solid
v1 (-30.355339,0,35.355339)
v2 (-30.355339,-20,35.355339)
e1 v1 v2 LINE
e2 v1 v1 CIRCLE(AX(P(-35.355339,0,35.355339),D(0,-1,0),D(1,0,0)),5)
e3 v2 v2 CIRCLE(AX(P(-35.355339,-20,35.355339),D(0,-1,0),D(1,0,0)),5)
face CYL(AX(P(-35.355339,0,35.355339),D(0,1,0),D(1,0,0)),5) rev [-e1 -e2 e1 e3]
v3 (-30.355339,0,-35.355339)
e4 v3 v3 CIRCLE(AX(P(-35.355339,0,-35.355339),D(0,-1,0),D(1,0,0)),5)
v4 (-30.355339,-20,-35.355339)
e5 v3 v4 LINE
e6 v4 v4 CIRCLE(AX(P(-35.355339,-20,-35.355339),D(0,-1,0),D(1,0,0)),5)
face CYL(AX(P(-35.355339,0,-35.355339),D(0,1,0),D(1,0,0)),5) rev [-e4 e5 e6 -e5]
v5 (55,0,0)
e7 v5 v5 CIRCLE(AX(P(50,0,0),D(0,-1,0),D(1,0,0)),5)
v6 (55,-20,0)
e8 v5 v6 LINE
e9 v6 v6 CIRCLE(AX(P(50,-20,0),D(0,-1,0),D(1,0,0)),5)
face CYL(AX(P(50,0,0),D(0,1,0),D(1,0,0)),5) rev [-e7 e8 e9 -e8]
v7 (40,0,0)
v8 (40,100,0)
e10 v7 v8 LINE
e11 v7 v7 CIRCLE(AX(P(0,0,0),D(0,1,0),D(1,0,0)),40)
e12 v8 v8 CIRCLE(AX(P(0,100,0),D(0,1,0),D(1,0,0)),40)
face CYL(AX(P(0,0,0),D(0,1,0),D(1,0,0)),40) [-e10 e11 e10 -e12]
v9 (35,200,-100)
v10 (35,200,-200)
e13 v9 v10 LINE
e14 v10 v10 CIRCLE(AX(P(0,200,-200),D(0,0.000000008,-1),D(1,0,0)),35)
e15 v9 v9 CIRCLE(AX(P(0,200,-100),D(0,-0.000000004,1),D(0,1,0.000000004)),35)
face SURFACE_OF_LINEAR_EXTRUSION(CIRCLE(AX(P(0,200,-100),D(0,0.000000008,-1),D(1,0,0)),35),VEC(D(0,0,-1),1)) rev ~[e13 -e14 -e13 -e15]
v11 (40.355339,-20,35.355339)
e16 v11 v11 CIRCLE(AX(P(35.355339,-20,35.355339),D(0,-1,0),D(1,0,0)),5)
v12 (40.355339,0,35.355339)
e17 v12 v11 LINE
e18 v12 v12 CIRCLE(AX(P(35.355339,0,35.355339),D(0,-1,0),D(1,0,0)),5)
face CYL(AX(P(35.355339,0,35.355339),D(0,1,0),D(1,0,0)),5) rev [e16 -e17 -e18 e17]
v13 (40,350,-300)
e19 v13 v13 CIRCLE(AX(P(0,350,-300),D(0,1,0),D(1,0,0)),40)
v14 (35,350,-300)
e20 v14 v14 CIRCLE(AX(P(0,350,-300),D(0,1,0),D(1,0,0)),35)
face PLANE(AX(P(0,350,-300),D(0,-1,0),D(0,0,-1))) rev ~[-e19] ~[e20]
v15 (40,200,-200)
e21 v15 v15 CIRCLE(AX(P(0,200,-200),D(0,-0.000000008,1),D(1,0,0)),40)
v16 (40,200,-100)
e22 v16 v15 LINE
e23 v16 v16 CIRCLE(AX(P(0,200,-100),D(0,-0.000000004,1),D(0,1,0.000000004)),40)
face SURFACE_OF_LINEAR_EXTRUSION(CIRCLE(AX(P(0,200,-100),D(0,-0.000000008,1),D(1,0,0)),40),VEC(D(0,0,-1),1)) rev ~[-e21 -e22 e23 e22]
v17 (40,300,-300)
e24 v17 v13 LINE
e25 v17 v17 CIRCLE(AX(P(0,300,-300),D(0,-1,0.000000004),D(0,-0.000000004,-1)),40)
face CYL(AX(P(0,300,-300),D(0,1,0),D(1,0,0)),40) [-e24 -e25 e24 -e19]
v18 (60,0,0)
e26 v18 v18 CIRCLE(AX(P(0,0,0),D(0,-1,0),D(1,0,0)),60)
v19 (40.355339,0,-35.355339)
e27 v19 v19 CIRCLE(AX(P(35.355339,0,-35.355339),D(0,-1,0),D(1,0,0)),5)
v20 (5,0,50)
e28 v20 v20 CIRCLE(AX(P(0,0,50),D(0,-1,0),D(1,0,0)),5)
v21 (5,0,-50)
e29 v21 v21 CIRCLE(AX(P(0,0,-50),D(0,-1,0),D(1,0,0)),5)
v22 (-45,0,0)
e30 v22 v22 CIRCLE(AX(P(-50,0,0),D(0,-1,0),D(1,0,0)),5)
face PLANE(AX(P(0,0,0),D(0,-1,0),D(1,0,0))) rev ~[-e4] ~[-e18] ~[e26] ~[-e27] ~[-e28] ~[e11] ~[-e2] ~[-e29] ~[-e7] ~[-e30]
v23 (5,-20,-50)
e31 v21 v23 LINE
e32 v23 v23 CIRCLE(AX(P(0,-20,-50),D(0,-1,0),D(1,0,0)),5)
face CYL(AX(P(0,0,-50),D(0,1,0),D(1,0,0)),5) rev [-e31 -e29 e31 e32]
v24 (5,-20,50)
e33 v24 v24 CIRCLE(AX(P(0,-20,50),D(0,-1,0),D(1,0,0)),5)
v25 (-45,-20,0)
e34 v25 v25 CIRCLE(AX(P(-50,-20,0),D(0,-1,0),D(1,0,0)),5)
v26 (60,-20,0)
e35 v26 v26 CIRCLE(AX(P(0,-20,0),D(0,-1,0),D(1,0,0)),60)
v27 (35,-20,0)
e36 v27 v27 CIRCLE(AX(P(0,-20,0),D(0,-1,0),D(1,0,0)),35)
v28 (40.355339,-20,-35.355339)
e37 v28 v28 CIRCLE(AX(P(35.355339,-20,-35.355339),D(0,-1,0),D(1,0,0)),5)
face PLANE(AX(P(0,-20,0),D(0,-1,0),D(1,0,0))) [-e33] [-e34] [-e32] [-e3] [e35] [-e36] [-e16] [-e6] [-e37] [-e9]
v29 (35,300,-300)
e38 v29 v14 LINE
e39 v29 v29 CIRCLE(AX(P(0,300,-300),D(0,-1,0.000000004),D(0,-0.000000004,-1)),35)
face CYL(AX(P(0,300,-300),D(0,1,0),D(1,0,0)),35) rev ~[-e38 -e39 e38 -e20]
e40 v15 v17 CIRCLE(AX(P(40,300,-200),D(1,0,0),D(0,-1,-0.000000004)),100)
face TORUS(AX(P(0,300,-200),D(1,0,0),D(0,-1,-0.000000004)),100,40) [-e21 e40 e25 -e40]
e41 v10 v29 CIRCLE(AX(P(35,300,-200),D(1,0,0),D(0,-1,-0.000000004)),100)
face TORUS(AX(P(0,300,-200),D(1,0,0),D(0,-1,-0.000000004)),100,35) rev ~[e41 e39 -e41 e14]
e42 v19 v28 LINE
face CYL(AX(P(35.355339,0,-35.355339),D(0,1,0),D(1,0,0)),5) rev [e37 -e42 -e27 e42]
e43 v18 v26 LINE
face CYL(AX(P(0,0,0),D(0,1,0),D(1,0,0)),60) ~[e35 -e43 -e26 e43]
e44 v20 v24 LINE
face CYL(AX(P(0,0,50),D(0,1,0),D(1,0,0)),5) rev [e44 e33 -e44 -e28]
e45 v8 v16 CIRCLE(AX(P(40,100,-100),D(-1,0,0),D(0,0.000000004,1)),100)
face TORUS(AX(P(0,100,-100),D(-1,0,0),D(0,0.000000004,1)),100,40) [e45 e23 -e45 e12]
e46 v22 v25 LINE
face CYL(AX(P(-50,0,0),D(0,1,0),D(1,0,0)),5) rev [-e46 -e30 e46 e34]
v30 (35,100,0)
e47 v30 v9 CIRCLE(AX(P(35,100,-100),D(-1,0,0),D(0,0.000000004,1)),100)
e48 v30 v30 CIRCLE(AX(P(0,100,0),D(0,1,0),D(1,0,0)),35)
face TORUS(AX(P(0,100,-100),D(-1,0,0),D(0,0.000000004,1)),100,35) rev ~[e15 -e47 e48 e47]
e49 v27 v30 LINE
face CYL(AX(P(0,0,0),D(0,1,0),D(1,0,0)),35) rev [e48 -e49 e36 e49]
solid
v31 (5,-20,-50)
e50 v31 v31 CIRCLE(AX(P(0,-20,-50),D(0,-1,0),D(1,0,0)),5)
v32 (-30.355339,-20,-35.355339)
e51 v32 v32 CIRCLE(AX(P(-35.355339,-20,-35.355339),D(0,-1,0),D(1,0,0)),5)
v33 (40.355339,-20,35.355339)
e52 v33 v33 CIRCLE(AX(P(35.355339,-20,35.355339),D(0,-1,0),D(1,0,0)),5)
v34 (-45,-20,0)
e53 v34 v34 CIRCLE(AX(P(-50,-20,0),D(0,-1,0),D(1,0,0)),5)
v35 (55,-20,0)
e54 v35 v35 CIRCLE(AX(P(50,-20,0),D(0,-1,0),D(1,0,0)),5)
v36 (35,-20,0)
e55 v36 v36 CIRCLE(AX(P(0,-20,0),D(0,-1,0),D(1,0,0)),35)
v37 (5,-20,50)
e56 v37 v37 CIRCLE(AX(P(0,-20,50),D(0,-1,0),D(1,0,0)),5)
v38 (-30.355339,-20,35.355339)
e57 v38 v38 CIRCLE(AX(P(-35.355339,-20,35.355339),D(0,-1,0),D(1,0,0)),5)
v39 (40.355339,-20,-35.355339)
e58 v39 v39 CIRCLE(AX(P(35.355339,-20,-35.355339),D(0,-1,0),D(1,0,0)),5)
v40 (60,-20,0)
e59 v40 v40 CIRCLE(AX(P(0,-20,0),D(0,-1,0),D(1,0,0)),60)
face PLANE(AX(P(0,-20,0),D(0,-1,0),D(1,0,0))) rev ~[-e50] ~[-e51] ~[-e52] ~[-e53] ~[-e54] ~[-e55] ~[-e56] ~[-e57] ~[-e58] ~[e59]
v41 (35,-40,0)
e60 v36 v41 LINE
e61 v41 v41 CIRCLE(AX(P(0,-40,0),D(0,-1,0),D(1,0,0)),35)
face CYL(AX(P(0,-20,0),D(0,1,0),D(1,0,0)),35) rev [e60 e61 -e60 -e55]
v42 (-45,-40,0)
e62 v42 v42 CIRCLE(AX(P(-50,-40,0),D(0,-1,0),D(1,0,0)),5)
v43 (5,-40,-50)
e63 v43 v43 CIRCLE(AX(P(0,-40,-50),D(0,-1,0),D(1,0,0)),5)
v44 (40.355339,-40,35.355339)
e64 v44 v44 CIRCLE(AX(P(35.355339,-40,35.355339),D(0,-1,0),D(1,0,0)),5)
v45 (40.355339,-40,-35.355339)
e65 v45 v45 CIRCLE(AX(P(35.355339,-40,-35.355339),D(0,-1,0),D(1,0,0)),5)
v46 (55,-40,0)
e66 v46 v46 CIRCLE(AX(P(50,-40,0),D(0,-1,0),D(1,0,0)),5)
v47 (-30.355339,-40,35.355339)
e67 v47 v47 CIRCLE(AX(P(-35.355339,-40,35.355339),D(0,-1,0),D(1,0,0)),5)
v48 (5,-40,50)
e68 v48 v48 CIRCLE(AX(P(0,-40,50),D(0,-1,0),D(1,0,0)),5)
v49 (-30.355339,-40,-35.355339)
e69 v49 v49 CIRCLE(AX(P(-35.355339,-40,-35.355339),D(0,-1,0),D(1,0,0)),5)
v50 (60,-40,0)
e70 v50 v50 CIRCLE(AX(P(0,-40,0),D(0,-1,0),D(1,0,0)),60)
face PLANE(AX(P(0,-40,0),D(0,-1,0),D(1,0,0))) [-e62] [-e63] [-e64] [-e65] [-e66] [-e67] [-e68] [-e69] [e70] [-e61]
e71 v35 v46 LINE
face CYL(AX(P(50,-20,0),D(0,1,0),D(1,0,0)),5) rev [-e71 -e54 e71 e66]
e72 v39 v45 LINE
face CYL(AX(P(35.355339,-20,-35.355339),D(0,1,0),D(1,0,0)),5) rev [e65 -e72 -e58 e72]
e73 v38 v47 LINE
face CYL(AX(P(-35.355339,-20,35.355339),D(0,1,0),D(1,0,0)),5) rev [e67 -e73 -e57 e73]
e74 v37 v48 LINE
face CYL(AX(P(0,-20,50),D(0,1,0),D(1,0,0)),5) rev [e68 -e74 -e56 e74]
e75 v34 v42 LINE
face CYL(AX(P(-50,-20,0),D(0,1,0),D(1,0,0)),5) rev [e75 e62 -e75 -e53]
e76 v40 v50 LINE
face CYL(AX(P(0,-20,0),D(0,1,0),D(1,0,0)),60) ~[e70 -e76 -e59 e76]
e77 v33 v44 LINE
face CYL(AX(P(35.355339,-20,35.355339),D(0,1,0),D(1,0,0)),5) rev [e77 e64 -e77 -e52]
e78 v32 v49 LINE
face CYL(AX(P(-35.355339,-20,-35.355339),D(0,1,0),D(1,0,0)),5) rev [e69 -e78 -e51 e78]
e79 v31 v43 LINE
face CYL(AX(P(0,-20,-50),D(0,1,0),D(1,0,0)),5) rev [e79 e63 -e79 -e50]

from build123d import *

# Parameters (mm, degrees)
F0_R        = 60
F0_R_2      = 5
F0_R_3      = 35
F1_DEPTH    = 20
F2_R        = 40
F2_R_2      = 35
F1_FACE_R   = 60
F1_FACE_R_2 = 5
F1_FACE_R_3 = 35
F5_DEPTH    = 20


with BuildPart() as f1:
    # F0 (on Front) → F1 (new body)
    with BuildSketch(Plane.XZ):
        Circle(F0_R)
        with Locations((-35.355339, -35.355339)):
            Circle(F0_R_2, mode=Mode.SUBTRACT)
        with Locations((0, -50)):
            Circle(F0_R_2, mode=Mode.SUBTRACT)
        with Locations((35.355339, -35.355339)):
            Circle(F0_R_2, mode=Mode.SUBTRACT)
        with Locations((-50, 0)):
            Circle(F0_R_2, mode=Mode.SUBTRACT)
        with Locations((-35.355339, 35.355339)):
            Circle(F0_R_2, mode=Mode.SUBTRACT)
        Circle(F0_R_3, mode=Mode.SUBTRACT)
        with Locations((50, 0)):
            Circle(F0_R_2, mode=Mode.SUBTRACT)
        with Locations((0, 50)):
            Circle(F0_R_2, mode=Mode.SUBTRACT)
        with Locations((35.355339, 35.355339)):
            Circle(F0_R_2, mode=Mode.SUBTRACT)
    extrude(amount=F1_DEPTH)

    # F4: sweep along a path in F3
    with BuildLine(Plane.YZ) as f4_path:
        Line((0, 0), (100, 0))
        ThreePointArc((100, 0), (170.710678, -29.289322), (200, -100))
        Line((200, -100), (200, -200))
        ThreePointArc((200, -200), (229.289322, -270.710678), (300, -300))
        Line((300, -300), (350, -300))
    # F2 (on Front) → F4 (sweep)
    with BuildSketch(Plane.XZ):
        Circle(F2_R)
        Circle(F2_R_2, mode=Mode.SUBTRACT)
    sweep(path=f4_path.line)


with BuildPart() as f5:
    # F1_face (on face) → F5 (new body)
    with BuildSketch(Plane.XZ.offset(20)):
        Circle(F1_FACE_R)
        with Locations((-35.355339, -35.355339)):
            Circle(F1_FACE_R_2, mode=Mode.SUBTRACT)
        with Locations((0, -50)):
            Circle(F1_FACE_R_2, mode=Mode.SUBTRACT)
        with Locations((35.355339, -35.355339)):
            Circle(F1_FACE_R_2, mode=Mode.SUBTRACT)
        with Locations((-50, 0)):
            Circle(F1_FACE_R_2, mode=Mode.SUBTRACT)
        with Locations((-35.355339, 35.355339)):
            Circle(F1_FACE_R_2, mode=Mode.SUBTRACT)
        Circle(F1_FACE_R_3, mode=Mode.SUBTRACT)
        with Locations((50, 0)):
            Circle(F1_FACE_R_2, mode=Mode.SUBTRACT)
        with Locations((0, 50)):
            Circle(F1_FACE_R_2, mode=Mode.SUBTRACT)
        with Locations((35.355339, 35.355339)):
            Circle(F1_FACE_R_2, mode=Mode.SUBTRACT)
    extrude(amount=F5_DEPTH)


solid = Compound([f1.part, f5.part])
